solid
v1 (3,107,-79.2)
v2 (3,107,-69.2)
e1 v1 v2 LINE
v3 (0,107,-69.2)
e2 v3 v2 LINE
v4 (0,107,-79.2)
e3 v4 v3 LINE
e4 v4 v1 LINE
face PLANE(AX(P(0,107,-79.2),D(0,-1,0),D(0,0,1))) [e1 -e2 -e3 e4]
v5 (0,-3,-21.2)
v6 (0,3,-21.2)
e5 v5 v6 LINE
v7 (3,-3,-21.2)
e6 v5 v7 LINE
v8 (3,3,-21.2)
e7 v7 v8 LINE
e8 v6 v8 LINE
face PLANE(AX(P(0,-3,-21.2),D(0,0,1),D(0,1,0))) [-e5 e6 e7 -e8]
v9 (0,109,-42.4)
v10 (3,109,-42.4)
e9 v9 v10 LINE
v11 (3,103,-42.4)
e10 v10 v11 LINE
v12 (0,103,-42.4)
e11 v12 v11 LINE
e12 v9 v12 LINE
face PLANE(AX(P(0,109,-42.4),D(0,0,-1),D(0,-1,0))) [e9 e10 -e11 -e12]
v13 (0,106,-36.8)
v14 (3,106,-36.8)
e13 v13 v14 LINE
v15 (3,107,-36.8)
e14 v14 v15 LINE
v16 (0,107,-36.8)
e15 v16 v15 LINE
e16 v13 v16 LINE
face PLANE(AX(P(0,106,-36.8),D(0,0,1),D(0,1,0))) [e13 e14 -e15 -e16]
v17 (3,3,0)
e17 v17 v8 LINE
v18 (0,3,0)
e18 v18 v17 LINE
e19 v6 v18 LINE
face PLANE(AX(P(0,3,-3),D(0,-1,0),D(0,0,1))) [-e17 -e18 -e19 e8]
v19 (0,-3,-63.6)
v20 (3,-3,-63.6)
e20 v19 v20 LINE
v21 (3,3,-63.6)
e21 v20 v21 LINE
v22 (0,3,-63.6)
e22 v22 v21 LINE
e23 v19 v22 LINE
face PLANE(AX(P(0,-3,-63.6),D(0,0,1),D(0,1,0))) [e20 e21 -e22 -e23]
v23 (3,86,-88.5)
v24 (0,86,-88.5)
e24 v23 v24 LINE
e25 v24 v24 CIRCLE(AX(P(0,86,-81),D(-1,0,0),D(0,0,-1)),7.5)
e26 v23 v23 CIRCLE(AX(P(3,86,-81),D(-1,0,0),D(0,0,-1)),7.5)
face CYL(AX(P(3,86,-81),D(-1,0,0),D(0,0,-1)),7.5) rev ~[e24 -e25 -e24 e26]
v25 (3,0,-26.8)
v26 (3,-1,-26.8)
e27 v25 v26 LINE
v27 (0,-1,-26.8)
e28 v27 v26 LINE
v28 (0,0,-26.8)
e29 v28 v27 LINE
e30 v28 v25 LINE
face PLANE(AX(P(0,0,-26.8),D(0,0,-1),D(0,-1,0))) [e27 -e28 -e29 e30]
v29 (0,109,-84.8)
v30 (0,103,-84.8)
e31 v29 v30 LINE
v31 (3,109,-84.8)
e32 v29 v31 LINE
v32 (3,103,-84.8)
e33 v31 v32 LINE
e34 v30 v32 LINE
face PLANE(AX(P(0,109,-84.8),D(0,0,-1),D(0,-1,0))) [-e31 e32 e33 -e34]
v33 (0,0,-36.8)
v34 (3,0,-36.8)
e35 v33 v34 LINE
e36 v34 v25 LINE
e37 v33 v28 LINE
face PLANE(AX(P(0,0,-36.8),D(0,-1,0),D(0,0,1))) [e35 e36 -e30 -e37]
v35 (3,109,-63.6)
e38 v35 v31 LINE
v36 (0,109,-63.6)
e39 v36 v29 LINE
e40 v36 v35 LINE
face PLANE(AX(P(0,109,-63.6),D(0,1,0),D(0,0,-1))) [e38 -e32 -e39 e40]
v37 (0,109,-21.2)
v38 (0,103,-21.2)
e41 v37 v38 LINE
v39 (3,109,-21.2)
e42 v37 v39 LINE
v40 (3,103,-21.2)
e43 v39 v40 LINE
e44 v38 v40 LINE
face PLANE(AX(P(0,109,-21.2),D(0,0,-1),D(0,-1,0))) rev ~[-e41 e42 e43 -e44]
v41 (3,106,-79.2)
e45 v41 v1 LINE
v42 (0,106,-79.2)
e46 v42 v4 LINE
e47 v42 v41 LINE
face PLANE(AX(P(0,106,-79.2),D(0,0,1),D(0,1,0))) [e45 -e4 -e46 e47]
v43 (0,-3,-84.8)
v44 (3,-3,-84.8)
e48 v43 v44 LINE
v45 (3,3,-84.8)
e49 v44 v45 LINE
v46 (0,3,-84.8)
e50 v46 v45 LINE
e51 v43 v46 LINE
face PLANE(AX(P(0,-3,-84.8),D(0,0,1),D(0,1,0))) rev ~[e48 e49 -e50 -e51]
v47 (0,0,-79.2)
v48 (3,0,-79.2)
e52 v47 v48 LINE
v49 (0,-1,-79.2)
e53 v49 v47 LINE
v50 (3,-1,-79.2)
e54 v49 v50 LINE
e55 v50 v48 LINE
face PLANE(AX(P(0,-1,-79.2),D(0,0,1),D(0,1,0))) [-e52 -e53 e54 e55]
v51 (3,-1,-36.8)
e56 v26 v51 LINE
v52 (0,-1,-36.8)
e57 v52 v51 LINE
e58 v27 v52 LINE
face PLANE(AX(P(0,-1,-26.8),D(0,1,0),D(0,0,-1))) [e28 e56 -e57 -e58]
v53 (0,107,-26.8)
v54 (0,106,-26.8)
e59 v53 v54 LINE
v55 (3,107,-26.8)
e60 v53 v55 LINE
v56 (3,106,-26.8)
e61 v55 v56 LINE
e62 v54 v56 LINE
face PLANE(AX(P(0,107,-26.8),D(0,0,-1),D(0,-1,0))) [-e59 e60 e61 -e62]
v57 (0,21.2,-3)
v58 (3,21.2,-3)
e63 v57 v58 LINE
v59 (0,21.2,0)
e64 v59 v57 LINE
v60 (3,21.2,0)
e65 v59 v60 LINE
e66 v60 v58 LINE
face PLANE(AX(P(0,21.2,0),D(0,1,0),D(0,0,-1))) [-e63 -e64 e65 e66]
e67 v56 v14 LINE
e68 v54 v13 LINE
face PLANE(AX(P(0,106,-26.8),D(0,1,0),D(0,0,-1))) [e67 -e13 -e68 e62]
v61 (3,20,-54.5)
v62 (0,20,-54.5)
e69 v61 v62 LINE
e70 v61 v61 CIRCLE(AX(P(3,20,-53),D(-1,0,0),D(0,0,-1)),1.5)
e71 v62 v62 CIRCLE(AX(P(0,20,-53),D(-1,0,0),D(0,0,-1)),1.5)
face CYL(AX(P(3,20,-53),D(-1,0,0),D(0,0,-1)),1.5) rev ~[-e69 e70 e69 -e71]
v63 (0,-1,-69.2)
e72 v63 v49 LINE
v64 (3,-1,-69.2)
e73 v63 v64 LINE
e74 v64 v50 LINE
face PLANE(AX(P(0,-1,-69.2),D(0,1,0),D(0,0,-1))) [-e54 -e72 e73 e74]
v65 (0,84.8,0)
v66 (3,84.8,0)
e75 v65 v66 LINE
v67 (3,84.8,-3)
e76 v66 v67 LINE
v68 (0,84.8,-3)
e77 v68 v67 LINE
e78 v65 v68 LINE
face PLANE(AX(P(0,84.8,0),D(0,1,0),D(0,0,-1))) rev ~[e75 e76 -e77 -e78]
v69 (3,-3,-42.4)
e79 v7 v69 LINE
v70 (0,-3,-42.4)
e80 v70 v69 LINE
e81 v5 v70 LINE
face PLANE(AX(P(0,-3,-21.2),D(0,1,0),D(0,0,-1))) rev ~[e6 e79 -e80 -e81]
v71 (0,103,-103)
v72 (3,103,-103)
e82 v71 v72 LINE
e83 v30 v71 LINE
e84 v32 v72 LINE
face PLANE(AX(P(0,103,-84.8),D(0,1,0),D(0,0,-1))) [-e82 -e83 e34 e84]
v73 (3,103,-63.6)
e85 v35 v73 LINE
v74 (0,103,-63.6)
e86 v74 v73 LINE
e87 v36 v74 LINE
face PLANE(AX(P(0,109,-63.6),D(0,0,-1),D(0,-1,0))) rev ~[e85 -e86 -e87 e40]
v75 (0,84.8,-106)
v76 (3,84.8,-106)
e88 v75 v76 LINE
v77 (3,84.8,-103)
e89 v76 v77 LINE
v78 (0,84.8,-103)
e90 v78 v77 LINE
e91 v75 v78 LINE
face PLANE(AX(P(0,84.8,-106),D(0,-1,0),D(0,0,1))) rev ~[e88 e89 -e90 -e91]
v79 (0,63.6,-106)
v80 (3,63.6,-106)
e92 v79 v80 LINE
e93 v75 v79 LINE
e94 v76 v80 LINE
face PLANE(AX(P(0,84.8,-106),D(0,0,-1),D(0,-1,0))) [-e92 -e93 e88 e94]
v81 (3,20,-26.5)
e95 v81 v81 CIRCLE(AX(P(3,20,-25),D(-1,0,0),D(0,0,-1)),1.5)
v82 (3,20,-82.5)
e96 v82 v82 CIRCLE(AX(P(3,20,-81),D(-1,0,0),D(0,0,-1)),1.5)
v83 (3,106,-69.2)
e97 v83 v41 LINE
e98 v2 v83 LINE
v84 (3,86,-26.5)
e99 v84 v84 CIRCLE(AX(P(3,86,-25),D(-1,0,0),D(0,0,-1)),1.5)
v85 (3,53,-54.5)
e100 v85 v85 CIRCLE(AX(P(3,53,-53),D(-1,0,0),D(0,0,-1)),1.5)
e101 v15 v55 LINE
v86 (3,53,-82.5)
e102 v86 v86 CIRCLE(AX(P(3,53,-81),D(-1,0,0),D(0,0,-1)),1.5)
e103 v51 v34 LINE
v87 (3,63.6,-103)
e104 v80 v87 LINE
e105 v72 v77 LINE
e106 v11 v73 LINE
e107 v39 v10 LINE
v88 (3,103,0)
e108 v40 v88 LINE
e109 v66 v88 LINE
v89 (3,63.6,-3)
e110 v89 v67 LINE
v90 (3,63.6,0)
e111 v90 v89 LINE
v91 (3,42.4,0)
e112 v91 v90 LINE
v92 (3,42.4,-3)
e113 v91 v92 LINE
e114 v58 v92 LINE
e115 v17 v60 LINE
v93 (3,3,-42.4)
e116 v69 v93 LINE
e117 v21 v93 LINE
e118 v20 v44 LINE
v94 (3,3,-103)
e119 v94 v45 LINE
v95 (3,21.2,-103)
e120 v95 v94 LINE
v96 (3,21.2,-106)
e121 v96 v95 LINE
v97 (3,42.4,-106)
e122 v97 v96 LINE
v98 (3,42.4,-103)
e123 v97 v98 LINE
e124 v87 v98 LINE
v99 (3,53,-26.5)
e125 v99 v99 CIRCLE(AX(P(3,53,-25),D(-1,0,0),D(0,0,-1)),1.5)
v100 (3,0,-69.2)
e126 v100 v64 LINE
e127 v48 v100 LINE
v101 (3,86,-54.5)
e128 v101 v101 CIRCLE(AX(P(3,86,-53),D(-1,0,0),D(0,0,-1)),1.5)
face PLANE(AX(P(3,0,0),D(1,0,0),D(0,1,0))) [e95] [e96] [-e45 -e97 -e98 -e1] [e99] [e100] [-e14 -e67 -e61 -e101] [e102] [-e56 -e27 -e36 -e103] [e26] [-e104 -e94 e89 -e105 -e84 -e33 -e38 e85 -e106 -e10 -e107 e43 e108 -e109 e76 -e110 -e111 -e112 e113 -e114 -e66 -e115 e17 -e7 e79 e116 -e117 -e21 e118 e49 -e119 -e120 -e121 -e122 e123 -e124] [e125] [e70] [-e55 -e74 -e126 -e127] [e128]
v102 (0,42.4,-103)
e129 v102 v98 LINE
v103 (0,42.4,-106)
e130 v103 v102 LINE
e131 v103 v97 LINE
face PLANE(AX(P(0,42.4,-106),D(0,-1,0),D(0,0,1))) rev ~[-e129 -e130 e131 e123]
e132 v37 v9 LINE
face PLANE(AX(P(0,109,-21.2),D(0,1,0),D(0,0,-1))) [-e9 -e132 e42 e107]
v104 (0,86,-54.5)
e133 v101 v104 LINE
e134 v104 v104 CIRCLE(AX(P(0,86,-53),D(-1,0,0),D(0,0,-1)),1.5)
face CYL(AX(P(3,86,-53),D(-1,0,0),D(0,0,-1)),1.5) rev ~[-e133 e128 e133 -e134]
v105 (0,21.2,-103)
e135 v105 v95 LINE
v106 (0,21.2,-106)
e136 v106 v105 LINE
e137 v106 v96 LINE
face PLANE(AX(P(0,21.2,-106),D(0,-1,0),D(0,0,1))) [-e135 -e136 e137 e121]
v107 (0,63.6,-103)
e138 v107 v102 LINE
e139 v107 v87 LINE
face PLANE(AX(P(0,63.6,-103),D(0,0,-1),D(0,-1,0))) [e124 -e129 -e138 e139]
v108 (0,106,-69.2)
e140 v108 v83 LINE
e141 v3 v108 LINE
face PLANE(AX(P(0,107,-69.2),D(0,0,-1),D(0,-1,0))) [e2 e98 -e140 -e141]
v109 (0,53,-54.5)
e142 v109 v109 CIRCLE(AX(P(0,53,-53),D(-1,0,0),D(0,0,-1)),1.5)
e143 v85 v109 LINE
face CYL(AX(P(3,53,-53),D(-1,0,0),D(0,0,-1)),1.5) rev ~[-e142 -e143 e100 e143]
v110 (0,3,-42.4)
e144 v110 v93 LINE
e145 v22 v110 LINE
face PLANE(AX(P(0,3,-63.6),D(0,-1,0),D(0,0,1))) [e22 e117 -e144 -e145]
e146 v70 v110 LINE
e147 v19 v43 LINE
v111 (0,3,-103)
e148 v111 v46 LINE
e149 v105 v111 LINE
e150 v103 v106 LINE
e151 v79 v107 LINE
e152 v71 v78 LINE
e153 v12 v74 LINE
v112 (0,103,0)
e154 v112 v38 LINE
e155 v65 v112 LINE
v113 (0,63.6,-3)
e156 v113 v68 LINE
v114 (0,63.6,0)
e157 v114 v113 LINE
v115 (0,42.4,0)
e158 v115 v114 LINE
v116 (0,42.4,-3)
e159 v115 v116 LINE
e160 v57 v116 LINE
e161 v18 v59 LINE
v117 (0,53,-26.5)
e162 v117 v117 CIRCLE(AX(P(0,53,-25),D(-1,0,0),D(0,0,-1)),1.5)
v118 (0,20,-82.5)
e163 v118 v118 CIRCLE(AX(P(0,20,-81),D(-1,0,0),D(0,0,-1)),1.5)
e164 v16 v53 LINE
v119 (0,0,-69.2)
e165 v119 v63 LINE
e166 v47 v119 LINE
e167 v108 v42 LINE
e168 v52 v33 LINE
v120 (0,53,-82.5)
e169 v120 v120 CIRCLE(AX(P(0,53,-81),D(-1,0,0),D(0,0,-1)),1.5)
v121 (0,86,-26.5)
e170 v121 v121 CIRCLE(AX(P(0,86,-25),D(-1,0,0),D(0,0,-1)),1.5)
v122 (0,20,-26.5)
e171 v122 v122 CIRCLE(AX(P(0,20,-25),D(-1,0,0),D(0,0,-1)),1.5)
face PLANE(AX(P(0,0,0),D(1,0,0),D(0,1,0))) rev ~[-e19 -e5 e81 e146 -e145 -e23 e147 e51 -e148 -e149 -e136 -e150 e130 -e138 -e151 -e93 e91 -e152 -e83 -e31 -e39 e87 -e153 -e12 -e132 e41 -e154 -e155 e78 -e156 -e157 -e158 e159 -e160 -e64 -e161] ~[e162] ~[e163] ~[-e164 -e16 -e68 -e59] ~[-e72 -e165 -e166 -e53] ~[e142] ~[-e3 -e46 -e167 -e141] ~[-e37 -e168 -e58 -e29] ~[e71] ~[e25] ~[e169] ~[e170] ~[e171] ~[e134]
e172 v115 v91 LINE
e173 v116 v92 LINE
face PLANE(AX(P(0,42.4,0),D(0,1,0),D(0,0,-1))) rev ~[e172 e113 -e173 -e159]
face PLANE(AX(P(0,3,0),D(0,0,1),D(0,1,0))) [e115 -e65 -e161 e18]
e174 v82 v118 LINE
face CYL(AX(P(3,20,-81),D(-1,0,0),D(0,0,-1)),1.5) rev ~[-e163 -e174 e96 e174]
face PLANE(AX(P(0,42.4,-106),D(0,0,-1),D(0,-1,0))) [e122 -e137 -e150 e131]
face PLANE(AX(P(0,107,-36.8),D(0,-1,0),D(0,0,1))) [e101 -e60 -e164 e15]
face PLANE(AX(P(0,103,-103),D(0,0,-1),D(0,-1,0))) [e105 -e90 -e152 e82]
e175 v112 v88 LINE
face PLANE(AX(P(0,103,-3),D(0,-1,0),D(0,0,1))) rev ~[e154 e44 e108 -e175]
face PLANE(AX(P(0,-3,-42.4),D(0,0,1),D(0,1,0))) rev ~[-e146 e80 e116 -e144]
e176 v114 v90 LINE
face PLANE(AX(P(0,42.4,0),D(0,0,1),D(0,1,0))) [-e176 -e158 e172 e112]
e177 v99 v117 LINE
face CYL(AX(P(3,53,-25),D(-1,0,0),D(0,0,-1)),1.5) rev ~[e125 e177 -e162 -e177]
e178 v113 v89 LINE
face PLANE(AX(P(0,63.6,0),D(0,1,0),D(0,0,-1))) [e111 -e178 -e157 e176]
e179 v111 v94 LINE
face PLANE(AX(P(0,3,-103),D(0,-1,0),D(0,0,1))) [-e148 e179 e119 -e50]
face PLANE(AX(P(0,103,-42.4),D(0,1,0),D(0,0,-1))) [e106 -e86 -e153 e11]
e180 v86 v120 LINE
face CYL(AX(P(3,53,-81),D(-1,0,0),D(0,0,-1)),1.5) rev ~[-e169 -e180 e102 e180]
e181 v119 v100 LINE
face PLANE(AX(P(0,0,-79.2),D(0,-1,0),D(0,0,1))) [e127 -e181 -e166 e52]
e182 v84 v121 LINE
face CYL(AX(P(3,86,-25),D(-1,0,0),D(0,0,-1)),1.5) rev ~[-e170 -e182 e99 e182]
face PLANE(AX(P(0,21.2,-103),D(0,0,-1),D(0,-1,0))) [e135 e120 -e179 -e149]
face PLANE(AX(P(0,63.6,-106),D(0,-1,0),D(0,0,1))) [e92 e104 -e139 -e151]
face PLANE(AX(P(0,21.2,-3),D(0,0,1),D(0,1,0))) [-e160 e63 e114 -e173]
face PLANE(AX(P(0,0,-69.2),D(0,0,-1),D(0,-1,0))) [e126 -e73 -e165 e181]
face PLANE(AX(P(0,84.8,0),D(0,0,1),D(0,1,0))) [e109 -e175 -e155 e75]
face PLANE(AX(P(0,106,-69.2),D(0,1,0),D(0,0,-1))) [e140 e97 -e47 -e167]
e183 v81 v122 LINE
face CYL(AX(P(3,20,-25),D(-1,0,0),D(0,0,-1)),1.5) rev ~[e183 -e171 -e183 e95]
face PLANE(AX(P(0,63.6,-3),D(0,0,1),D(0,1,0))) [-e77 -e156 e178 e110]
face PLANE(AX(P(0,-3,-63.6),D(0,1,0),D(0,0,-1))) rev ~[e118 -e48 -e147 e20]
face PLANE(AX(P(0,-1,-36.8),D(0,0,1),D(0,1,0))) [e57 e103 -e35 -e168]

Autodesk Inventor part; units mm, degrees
ref_plane "YZ Plane" through (0, 0, 0) normal (1, 0, 0) x (0, 1, 0)
ref_plane "XZ Plane" through (0, 0, 0) normal (0, 1, 0) x (-1, 0, 0)
ref_plane "XY Plane" through (0, 0, 0) normal (0, 0, 1) x (1, 0, 0)
sketch "Sketch1" plane through (0, 0, 0) normal (1, 0, 0) x (0, 1, 0)
  line L0 (21.2, 0) -> (21.2, -3)
  line L1 (42.4, 0) -> (42.4, -3)
  line L2 (63.6, 0) -> (63.6, -3)
  line L3 (84.8, 0) -> (84.8, -3)
  line L4 (-3, -21.2) -> (3, -21.2)
  line L5 (-3, -42.4) -> (3, -42.4)
  line L6 (-3, -63.6) -> (3, -63.6)
  line L7 (-3, -84.8) -> (3, -84.8)
  line L8 (21.2, -106) -> (21.2, -103)
  line L9 (42.4, -106) -> (42.4, -103)
  line L10 (63.6, -106) -> (63.6, -103)
  line L11 (84.8, -106) -> (84.8, -103)
  line L12 (109, -84.8) -> (103, -84.8)
  line L13 (109, -63.6) -> (103, -63.6)
  line L14 (109, -42.4) -> (103, -42.4)
  line L15 (109, -21.2) -> (103, -21.2)
  line L16 (3, -103) -> (3, -84.8)
  line L17 (3, -63.6) -> (3, -42.4)
  line L18 (3, -21.2) -> (3, -3)
  line L19 (103, -3) -> (103, -21.2)
  line L20 (103, -42.4) -> (103, -63.6)
  line L21 (103, -84.8) -> (103, -103)
  line L22 (21.2, -103) -> (3, -103)
  line L23 (84.8, -106) -> (63.6, -106)
  line L24 (42.4, -106) -> (21.2, -106)
  line L25 (103, -103) -> (84.8, -103)
  line L26 (63.6, -103) -> (42.4, -103)
  line L27 (103, -3) -> (103, 0)
  line L28 (3, -3) -> (3, 0)
  line L29 (3, 0) -> (21.2, 0)
  line L30 (21.2, -3) -> (42.4, -3)
  line L31 (63.6, -3) -> (84.8, -3)
  line L32 (42.4, 0) -> (63.6, 0)
  line L33 (84.8, 0) -> (103, 0)
  line L34 (109, -21.2) -> (109, -42.4)
  line L35 (109, -63.6) -> (109, -84.8)
  line L36 (-3, -21.2) -> (-3, -42.4)
  line L37 (-3, -63.6) -> (-3, -84.8)
  line L38 (0, -26.8) -> (-1, -26.8)
  line L39 (-1, -26.8) -> (-1, -36.8)
  line L40 (-1, -36.8) -> (0, -36.8)
  line L41 (0, -36.8) -> (0, -26.8)
  line L42 (107, -26.8) -> (106, -26.8)
  line L43 (106, -26.8) -> (106, -36.8)
  line L44 (106, -36.8) -> (107, -36.8)
  line L45 (107, -36.8) -> (107, -26.8)
  line L46 (107, -69.2) -> (106, -69.2)
  line L47 (106, -69.2) -> (106, -79.2)
  line L48 (106, -79.2) -> (107, -79.2)
  line L49 (107, -79.2) -> (107, -69.2)
  line L50 (0, -69.2) -> (-1, -69.2)
  line L51 (-1, -69.2) -> (-1, -79.2)
  line L52 (-1, -79.2) -> (0, -79.2)
  line L53 (0, -79.2) -> (0, -69.2)
  point P0 (0, 0)
  dimension "d94" = 1
  dimension "d95" = 10
  dimension "d96" = 10
  dimension "d97" = 1
  dimension "d98" = 10
  dimension "d99" = 1
  dimension "d100" = 10
extrude "Extrusion1" add sketch "Sketch1" along normal blind 3
sketch "Sketch3" plane through (3, 0, 0) normal (1, 0, 0) x (0, 0, -1)
  circle A0 centre (25, 20) radius 1.5
  point P0 (0, 0)
  dimension "d22" = 3
hole "Hole2" at (3, 20, -25) direction (-1, 0, 0) diameter 3 end through all
sketch "Sketch4" plane through (3, 0, 0) normal (1, 0, 0) x (0, 0, -1)
  circle A0 centre (53, 20) radius 1.5
  point P0 (0, 0)
  dimension "d30" = 3
hole "Hole3" at (3, 20, -53) direction (-1, 0, 0) diameter 3 end through all
sketch "Sketch5" plane through (3, 0, 0) normal (1, 0, 0) x (0, 0, -1)
  circle A0 centre (81, 20) radius 1.5
  point P0 (0, 0)
  dimension "d38" = 3
hole "Hole4" at (3, 20, -81) direction (-1, 0, 0) diameter 3 end through all
sketch "Sketch6" plane through (3, 0, 0) normal (1, 0, 0) x (0, 0, -1)
  circle A0 centre (25, 53) radius 1.5
  point P0 (0, 0)
  dimension "d46" = 3
hole "Hole5" at (3, 53, -25) direction (-1, 0, 0) diameter 3 end through all
sketch "Sketch7" plane through (3, 0, 0) normal (1, 0, 0) x (0, 0, -1)
  circle A0 centre (53, 53) radius 1.5
  point P0 (0, 0)
  dimension "d54" = 3
hole "Hole6" at (3, 53, -53) direction (-1, 0, 0) diameter 3 end through all
sketch "Sketch8" plane through (3, 0, 0) normal (1, 0, 0) x (0, 0, -1)
  circle A0 centre (81, 53) radius 1.5
  point P0 (0, 0)
  dimension "d62" = 3
hole "Hole7" at (3, 53, -81) direction (-1, 0, 0) diameter 3 end through all
sketch "Sketch9" plane through (3, 0, 0) normal (1, 0, 0) x (0, 0, -1)
  circle A0 centre (25, 86) radius 1.5
  point P0 (0, 0)
  dimension "d70" = 3
hole "Hole8" at (3, 86, -25) direction (-1, 0, 0) diameter 3 end through all
sketch "Sketch10" plane through (3, 0, 0) normal (1, 0, 0) x (0, 0, -1)
  circle A0 centre (53, 86) radius 1.5
  point P0 (0, 0)
  dimension "d78" = 3
hole "Hole9" at (3, 86, -53) direction (-1, 0, 0) diameter 3 end through all
sketch "Sketch11" plane through (3, 0, 0) normal (1, 0, 0) x (0, 0, -1)
  point P0 (0, 0)
sketch "Sketch12" plane through (3, 0, 0) normal (1, 0, 0) x (0, 0, -1)
  circle A0 centre (81, 86) radius 1.5
  point P0 (0, 0)
  dimension "d86" = 3
hole "Hole10" at (3, 86, -81) direction (-1, 0, 0) diameter 15 end through all
properties part number "Box side 4" material "PMMA Plastic"
